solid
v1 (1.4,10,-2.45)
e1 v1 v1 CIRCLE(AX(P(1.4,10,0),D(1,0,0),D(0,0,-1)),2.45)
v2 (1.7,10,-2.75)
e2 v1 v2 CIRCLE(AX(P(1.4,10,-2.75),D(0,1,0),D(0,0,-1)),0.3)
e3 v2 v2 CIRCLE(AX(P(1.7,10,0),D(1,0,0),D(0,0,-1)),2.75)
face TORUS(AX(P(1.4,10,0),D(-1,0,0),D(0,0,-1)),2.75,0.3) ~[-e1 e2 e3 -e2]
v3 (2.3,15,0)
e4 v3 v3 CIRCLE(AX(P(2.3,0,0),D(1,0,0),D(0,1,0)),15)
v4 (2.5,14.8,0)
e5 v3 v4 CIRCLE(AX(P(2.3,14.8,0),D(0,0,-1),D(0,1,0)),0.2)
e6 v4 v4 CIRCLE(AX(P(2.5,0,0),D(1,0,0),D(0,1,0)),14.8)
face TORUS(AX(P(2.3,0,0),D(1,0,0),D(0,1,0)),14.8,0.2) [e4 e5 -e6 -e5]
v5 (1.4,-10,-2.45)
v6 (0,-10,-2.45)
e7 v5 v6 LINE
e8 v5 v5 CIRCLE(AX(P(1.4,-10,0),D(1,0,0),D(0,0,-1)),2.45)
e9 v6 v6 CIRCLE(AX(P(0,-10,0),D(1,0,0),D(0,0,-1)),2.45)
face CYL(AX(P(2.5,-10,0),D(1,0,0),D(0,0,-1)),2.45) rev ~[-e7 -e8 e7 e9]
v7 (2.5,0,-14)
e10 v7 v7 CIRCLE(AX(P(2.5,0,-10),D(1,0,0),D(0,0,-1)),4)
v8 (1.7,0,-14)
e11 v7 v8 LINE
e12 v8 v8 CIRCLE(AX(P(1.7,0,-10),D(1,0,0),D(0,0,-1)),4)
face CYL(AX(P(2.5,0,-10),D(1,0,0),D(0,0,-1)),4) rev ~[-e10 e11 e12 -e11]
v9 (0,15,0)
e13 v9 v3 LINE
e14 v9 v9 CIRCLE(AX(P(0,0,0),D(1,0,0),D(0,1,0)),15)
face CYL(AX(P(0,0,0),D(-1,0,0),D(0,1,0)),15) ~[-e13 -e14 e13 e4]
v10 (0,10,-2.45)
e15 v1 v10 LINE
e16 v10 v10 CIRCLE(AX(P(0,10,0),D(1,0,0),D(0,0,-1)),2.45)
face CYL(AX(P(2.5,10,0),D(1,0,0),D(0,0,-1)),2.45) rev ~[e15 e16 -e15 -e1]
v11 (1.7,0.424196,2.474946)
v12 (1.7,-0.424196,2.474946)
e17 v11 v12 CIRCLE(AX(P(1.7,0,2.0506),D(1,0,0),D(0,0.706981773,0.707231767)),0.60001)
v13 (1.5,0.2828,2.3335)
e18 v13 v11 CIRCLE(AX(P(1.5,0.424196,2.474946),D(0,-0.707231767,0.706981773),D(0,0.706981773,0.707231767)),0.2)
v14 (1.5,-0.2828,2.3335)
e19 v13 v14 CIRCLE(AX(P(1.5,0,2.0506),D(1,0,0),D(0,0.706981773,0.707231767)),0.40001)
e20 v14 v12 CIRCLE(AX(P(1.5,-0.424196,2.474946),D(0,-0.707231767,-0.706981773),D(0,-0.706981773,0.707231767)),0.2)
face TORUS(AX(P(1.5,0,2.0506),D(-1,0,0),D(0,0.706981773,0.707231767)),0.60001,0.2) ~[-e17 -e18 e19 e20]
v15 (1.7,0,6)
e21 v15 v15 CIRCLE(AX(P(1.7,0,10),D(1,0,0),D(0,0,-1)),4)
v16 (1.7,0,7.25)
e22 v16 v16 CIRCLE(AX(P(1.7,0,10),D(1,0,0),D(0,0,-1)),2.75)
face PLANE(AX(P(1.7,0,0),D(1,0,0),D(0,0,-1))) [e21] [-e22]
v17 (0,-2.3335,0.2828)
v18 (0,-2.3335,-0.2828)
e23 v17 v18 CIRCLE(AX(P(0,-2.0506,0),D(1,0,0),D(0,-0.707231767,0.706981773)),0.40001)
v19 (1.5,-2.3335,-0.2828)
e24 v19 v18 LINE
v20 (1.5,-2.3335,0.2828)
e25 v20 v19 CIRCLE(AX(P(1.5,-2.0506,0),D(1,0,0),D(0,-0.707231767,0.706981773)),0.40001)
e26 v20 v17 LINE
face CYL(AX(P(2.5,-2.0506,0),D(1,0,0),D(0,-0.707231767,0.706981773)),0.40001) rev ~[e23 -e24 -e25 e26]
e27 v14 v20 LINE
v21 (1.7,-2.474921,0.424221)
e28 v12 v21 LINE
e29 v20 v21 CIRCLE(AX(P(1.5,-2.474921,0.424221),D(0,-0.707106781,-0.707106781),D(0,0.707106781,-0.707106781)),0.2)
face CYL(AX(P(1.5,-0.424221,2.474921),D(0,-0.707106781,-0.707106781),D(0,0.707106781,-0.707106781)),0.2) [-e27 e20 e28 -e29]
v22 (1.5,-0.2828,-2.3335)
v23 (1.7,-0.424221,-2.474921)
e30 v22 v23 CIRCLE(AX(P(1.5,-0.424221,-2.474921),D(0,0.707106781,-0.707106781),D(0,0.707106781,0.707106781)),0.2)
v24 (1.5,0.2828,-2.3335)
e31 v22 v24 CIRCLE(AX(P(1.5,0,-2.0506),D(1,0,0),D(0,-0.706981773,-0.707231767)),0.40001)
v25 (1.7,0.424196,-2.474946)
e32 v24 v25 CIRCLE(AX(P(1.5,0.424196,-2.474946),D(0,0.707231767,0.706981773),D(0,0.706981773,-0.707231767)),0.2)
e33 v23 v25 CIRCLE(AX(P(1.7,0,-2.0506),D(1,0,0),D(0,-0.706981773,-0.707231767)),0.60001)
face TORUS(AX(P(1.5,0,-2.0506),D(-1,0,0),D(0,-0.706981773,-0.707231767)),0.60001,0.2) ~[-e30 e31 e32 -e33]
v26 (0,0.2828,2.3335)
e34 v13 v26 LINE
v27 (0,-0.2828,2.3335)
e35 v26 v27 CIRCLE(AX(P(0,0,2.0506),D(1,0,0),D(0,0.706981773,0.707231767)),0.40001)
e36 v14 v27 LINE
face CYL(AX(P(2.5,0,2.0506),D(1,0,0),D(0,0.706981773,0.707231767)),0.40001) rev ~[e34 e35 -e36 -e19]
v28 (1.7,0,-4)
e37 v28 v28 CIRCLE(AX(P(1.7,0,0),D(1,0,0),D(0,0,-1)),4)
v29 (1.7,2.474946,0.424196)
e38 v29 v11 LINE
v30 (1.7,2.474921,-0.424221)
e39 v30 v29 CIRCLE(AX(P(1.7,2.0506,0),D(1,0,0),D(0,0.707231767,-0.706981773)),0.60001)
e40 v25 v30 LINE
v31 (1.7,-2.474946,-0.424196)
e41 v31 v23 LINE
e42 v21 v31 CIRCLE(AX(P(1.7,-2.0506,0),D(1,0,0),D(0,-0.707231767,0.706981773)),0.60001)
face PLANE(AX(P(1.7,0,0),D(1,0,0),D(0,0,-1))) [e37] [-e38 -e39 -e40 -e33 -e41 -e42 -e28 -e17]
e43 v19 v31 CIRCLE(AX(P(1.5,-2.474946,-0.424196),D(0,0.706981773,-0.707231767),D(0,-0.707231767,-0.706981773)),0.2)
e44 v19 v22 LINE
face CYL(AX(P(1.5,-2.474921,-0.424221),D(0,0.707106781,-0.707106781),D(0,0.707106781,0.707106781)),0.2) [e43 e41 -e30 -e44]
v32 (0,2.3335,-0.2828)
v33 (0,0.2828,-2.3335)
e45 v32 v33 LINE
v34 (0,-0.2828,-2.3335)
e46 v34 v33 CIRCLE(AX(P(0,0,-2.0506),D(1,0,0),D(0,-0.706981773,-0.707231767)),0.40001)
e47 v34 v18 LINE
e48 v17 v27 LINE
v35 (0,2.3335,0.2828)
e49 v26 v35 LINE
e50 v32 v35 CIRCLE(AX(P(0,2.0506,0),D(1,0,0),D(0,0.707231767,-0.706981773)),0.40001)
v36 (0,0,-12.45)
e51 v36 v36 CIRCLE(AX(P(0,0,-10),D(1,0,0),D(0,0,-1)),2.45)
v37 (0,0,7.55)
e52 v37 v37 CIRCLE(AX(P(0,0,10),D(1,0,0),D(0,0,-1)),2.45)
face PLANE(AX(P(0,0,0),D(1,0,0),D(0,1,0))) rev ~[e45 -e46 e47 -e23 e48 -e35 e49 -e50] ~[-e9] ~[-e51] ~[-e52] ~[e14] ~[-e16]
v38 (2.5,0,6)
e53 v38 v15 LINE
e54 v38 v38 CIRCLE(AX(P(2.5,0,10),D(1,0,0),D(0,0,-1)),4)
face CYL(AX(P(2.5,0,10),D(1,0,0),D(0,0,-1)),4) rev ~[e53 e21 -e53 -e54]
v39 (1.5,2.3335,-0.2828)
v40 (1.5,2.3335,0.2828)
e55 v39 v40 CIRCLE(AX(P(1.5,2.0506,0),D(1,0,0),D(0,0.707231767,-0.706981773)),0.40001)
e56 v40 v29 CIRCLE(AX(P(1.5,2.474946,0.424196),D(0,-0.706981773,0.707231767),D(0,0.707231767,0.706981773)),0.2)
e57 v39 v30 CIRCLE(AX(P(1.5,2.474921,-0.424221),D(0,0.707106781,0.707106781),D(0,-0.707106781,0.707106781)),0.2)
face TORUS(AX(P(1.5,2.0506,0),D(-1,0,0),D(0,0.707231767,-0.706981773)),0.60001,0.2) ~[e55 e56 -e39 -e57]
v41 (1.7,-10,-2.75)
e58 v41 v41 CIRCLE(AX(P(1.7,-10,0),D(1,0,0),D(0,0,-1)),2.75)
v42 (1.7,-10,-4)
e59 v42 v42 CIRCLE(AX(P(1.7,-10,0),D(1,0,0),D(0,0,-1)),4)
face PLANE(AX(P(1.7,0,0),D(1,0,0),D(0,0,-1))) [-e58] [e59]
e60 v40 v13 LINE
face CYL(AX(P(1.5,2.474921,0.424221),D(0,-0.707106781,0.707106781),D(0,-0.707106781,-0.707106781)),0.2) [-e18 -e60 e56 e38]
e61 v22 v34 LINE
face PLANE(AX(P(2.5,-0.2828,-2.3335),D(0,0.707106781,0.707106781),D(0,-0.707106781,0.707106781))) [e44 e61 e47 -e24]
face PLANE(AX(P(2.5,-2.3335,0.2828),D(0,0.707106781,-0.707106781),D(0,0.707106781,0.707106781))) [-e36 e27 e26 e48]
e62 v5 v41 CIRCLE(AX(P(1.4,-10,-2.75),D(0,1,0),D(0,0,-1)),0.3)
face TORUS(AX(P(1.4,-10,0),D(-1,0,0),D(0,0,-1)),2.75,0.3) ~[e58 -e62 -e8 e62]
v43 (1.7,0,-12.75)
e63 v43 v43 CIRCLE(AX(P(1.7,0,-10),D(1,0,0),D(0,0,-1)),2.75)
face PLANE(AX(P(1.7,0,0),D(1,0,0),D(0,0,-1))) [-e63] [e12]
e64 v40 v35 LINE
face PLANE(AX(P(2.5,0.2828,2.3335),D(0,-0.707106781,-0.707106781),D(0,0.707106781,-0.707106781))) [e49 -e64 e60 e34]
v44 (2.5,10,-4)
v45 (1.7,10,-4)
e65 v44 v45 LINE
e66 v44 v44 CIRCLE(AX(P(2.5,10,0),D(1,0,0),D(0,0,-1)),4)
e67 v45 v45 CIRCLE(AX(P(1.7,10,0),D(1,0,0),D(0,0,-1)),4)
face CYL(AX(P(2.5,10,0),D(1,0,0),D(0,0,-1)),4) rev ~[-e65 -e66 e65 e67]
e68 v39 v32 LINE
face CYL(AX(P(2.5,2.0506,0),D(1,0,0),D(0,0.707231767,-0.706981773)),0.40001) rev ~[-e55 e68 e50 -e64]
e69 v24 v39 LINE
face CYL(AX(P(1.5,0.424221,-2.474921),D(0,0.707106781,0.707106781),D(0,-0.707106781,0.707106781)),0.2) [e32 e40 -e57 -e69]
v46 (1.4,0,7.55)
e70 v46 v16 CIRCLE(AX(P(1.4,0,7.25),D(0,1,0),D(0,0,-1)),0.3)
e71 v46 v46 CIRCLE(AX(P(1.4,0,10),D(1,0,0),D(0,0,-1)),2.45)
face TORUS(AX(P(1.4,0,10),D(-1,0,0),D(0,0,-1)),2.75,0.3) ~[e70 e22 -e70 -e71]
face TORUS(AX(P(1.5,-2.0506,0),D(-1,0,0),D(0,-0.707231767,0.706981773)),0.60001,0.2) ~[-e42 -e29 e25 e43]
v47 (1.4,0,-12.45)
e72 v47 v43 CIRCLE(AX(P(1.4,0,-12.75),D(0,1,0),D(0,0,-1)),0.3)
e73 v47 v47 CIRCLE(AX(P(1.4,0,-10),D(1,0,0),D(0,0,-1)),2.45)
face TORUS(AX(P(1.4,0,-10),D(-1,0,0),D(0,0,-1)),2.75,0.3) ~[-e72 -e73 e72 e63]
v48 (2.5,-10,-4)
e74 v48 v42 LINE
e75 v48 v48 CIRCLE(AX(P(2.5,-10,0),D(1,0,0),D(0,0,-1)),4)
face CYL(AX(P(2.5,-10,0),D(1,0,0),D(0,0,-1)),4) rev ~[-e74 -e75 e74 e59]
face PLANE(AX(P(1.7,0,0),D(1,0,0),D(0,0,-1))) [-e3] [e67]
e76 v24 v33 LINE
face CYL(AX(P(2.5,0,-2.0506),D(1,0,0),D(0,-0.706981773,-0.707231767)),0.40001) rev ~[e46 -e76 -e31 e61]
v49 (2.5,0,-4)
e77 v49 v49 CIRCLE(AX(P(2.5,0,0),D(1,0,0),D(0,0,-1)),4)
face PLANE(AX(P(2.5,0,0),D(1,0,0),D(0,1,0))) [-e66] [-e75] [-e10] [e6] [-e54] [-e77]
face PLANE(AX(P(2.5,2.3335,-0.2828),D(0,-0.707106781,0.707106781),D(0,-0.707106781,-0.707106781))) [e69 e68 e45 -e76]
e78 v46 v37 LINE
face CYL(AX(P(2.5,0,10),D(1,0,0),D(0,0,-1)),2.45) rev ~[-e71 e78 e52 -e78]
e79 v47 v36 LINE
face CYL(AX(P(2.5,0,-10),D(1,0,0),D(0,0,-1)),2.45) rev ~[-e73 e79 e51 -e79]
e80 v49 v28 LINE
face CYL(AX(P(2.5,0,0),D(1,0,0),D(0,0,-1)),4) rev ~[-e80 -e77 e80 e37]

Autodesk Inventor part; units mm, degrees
ref_plane "YZ Plane" through (0, 0, 0) normal (1, 0, 0) x (0, 1, 0)
ref_plane "XZ Plane" through (0, 0, 0) normal (0, 1, 0) x (-1, 0, 0)
ref_plane "XY Plane" through (0, 0, 0) normal (0, 0, 1) x (1, 0, 0)
sketch "Sketch1" plane through (0, 0, 0) normal (1, 0, 0) x (0, 1, 0)
  circle A0 centre (0, 0) radius 15
  dimension "d0" = 30
extrude "Extrusion1" add sketch "Sketch1" along normal blind 2.5
sketch "Sketch2" plane through (2.5, 0, 0) normal (1, 0, 0) x (0, 0, -1)
  circle A0 centre (0, 0) radius 15 construction
  line L0 (-0.2828, -2.3335) -> (-2.3335, -0.2828)
  line L1 (-2.3335, 0.2828) -> (-0.2828, 2.3335)
  line L2 (0.2828, 2.3335) -> (2.3335, 0.2828)
  line L3 (2.3335, -0.2828) -> (0.2828, -2.3335)
  line L4 (0, -2.6163) -> (0, 2.6163) construction
  line L5 (-2.6163, 0) -> (2.6163, 0) construction
  arc A1 (-2.3335, 0.2828) -> (-2.3335, -0.2828) centre (-2.0506, 0) ccw
  arc A2 (-0.2828, -2.3335) -> (0.2828, -2.3335) centre (0, -2.0506) ccw
  arc A3 (2.3335, -0.2828) -> (2.3335, 0.2828) centre (2.0506, 0) ccw
  arc A4 (0.2828, 2.3335) -> (-0.2828, 2.3335) centre (0, 2.0506) ccw
  circle A5 centre (10, 0) radius 2.45
  circle A6 centre (-10, 0) radius 2.45
  circle A7 centre (0, -10) radius 2.45
  circle A8 centre (0, 10) radius 2.45
  dimension "d3" = 3.7
  dimension "d4" = 3.7
  dimension "d5" = 0.4
  dimension "d6" = 4.9
  dimension "d7" = 4.9
  dimension "d8" = 4.9
  dimension "d9" = 4.9
  dimension "d10" = 20
  dimension "d11" = 10
  dimension "d12" = 20
  dimension "d13" = 10
extrude "Extrusion2" cut sketch "Sketch2" against normal through all
fillet "Fillet1" radius 0.2 1 edges at (2.5, -15, 0)
sketch "Sketch3" plane through (2.5, 0, 0) normal (1, 0, 0) x (0, 0, -1)
  circle A0 centre (-10, 0) radius 2.45 construction
  circle A1 centre (10, 0) radius 2.45 construction
  arc A2 (-2.3335, 0.2828) -> (-2.3335, -0.2828) centre (-2.0506, 0) ccw construction
  line L0 (-2.3335, 0.2828) -> (-0.2828, 2.3335) construction
  arc A3 (0.2828, 2.3335) -> (-0.2828, 2.3335) centre (0, 2.0506) ccw construction
  line L1 (0.2828, 2.3335) -> (2.3335, 0.2828) construction
  arc A4 (2.3335, -0.2828) -> (2.3335, 0.2828) centre (2.0506, 0) ccw construction
  line L2 (2.3335, -0.2828) -> (0.2828, -2.3335) construction
  arc A5 (-0.2828, -2.3335) -> (0.2828, -2.3335) centre (0, -2.0506) ccw construction
  line L3 (-0.2828, -2.3335) -> (-2.3335, -0.2828) construction
  circle A6 centre (0, 10) radius 2.45 construction
  circle A7 centre (0, -10) radius 2.45 construction
  circle A8 centre (0, 0) radius 14.8 construction
  circle A9 centre (-10, 0) radius 4
  circle A10 centre (0, 10) radius 4
  circle A11 centre (10, 0) radius 4
  circle A12 centre (0, -10) radius 4
  circle A13 centre (0, 0) radius 4
  dimension "d17" = 8
  dimension "d18" = 8
  dimension "d19" = 8
  dimension "d20" = 8
  dimension "d21" = 8
extrude "Extrusion3" cut sketch "Sketch3" against normal blind 0.8 contours A9 | A10 | A11 | A12
fillet "Fillet2" radius 0.3 4 edges at (1.7, -10, 2.45) (1.7, 0, 12.45) (1.7, 0, -7.55) (1.7, 10, 2.45)
sketch "Sketch4" plane through (2.5, 0, 0) normal (1, 0, 0) x (0, 0, -1)
  circle A0 centre (0, 0) radius 4
  dimension "d25" = 8
extrude "Extrusion4" cut sketch "Sketch4" against normal blind 0.8
fillet "Fillet3" radius 0.2 8 edges at (1.7, 0, 2.4506) (1.7, -1.3081, 1.3081) (1.7, -2.4506, 0) (1.7, -1.3081, -1.3081) (1.7, 0, -2.4506) (1.7, 1.3081, -1.3081) (1.7, 2.4506, 0) (1.7, 1.3081, 1.3081)
equation "\"d4\" = d3"
equation "\"d7\" = d6"
equation "\"d8\" = d6"
equation "\"d9\" = d6"
equation "\"d11\" = 0.5 * d10"
equation "\"d12\" = d10"
equation "\"d13\" = 0.5 * d12"
equation "\"d18\" = d17"
equation "\"d19\" = d17"
equation "\"d20\" = d17"
equation "\"d21\" = d17"
properties part number "gear_collar"
